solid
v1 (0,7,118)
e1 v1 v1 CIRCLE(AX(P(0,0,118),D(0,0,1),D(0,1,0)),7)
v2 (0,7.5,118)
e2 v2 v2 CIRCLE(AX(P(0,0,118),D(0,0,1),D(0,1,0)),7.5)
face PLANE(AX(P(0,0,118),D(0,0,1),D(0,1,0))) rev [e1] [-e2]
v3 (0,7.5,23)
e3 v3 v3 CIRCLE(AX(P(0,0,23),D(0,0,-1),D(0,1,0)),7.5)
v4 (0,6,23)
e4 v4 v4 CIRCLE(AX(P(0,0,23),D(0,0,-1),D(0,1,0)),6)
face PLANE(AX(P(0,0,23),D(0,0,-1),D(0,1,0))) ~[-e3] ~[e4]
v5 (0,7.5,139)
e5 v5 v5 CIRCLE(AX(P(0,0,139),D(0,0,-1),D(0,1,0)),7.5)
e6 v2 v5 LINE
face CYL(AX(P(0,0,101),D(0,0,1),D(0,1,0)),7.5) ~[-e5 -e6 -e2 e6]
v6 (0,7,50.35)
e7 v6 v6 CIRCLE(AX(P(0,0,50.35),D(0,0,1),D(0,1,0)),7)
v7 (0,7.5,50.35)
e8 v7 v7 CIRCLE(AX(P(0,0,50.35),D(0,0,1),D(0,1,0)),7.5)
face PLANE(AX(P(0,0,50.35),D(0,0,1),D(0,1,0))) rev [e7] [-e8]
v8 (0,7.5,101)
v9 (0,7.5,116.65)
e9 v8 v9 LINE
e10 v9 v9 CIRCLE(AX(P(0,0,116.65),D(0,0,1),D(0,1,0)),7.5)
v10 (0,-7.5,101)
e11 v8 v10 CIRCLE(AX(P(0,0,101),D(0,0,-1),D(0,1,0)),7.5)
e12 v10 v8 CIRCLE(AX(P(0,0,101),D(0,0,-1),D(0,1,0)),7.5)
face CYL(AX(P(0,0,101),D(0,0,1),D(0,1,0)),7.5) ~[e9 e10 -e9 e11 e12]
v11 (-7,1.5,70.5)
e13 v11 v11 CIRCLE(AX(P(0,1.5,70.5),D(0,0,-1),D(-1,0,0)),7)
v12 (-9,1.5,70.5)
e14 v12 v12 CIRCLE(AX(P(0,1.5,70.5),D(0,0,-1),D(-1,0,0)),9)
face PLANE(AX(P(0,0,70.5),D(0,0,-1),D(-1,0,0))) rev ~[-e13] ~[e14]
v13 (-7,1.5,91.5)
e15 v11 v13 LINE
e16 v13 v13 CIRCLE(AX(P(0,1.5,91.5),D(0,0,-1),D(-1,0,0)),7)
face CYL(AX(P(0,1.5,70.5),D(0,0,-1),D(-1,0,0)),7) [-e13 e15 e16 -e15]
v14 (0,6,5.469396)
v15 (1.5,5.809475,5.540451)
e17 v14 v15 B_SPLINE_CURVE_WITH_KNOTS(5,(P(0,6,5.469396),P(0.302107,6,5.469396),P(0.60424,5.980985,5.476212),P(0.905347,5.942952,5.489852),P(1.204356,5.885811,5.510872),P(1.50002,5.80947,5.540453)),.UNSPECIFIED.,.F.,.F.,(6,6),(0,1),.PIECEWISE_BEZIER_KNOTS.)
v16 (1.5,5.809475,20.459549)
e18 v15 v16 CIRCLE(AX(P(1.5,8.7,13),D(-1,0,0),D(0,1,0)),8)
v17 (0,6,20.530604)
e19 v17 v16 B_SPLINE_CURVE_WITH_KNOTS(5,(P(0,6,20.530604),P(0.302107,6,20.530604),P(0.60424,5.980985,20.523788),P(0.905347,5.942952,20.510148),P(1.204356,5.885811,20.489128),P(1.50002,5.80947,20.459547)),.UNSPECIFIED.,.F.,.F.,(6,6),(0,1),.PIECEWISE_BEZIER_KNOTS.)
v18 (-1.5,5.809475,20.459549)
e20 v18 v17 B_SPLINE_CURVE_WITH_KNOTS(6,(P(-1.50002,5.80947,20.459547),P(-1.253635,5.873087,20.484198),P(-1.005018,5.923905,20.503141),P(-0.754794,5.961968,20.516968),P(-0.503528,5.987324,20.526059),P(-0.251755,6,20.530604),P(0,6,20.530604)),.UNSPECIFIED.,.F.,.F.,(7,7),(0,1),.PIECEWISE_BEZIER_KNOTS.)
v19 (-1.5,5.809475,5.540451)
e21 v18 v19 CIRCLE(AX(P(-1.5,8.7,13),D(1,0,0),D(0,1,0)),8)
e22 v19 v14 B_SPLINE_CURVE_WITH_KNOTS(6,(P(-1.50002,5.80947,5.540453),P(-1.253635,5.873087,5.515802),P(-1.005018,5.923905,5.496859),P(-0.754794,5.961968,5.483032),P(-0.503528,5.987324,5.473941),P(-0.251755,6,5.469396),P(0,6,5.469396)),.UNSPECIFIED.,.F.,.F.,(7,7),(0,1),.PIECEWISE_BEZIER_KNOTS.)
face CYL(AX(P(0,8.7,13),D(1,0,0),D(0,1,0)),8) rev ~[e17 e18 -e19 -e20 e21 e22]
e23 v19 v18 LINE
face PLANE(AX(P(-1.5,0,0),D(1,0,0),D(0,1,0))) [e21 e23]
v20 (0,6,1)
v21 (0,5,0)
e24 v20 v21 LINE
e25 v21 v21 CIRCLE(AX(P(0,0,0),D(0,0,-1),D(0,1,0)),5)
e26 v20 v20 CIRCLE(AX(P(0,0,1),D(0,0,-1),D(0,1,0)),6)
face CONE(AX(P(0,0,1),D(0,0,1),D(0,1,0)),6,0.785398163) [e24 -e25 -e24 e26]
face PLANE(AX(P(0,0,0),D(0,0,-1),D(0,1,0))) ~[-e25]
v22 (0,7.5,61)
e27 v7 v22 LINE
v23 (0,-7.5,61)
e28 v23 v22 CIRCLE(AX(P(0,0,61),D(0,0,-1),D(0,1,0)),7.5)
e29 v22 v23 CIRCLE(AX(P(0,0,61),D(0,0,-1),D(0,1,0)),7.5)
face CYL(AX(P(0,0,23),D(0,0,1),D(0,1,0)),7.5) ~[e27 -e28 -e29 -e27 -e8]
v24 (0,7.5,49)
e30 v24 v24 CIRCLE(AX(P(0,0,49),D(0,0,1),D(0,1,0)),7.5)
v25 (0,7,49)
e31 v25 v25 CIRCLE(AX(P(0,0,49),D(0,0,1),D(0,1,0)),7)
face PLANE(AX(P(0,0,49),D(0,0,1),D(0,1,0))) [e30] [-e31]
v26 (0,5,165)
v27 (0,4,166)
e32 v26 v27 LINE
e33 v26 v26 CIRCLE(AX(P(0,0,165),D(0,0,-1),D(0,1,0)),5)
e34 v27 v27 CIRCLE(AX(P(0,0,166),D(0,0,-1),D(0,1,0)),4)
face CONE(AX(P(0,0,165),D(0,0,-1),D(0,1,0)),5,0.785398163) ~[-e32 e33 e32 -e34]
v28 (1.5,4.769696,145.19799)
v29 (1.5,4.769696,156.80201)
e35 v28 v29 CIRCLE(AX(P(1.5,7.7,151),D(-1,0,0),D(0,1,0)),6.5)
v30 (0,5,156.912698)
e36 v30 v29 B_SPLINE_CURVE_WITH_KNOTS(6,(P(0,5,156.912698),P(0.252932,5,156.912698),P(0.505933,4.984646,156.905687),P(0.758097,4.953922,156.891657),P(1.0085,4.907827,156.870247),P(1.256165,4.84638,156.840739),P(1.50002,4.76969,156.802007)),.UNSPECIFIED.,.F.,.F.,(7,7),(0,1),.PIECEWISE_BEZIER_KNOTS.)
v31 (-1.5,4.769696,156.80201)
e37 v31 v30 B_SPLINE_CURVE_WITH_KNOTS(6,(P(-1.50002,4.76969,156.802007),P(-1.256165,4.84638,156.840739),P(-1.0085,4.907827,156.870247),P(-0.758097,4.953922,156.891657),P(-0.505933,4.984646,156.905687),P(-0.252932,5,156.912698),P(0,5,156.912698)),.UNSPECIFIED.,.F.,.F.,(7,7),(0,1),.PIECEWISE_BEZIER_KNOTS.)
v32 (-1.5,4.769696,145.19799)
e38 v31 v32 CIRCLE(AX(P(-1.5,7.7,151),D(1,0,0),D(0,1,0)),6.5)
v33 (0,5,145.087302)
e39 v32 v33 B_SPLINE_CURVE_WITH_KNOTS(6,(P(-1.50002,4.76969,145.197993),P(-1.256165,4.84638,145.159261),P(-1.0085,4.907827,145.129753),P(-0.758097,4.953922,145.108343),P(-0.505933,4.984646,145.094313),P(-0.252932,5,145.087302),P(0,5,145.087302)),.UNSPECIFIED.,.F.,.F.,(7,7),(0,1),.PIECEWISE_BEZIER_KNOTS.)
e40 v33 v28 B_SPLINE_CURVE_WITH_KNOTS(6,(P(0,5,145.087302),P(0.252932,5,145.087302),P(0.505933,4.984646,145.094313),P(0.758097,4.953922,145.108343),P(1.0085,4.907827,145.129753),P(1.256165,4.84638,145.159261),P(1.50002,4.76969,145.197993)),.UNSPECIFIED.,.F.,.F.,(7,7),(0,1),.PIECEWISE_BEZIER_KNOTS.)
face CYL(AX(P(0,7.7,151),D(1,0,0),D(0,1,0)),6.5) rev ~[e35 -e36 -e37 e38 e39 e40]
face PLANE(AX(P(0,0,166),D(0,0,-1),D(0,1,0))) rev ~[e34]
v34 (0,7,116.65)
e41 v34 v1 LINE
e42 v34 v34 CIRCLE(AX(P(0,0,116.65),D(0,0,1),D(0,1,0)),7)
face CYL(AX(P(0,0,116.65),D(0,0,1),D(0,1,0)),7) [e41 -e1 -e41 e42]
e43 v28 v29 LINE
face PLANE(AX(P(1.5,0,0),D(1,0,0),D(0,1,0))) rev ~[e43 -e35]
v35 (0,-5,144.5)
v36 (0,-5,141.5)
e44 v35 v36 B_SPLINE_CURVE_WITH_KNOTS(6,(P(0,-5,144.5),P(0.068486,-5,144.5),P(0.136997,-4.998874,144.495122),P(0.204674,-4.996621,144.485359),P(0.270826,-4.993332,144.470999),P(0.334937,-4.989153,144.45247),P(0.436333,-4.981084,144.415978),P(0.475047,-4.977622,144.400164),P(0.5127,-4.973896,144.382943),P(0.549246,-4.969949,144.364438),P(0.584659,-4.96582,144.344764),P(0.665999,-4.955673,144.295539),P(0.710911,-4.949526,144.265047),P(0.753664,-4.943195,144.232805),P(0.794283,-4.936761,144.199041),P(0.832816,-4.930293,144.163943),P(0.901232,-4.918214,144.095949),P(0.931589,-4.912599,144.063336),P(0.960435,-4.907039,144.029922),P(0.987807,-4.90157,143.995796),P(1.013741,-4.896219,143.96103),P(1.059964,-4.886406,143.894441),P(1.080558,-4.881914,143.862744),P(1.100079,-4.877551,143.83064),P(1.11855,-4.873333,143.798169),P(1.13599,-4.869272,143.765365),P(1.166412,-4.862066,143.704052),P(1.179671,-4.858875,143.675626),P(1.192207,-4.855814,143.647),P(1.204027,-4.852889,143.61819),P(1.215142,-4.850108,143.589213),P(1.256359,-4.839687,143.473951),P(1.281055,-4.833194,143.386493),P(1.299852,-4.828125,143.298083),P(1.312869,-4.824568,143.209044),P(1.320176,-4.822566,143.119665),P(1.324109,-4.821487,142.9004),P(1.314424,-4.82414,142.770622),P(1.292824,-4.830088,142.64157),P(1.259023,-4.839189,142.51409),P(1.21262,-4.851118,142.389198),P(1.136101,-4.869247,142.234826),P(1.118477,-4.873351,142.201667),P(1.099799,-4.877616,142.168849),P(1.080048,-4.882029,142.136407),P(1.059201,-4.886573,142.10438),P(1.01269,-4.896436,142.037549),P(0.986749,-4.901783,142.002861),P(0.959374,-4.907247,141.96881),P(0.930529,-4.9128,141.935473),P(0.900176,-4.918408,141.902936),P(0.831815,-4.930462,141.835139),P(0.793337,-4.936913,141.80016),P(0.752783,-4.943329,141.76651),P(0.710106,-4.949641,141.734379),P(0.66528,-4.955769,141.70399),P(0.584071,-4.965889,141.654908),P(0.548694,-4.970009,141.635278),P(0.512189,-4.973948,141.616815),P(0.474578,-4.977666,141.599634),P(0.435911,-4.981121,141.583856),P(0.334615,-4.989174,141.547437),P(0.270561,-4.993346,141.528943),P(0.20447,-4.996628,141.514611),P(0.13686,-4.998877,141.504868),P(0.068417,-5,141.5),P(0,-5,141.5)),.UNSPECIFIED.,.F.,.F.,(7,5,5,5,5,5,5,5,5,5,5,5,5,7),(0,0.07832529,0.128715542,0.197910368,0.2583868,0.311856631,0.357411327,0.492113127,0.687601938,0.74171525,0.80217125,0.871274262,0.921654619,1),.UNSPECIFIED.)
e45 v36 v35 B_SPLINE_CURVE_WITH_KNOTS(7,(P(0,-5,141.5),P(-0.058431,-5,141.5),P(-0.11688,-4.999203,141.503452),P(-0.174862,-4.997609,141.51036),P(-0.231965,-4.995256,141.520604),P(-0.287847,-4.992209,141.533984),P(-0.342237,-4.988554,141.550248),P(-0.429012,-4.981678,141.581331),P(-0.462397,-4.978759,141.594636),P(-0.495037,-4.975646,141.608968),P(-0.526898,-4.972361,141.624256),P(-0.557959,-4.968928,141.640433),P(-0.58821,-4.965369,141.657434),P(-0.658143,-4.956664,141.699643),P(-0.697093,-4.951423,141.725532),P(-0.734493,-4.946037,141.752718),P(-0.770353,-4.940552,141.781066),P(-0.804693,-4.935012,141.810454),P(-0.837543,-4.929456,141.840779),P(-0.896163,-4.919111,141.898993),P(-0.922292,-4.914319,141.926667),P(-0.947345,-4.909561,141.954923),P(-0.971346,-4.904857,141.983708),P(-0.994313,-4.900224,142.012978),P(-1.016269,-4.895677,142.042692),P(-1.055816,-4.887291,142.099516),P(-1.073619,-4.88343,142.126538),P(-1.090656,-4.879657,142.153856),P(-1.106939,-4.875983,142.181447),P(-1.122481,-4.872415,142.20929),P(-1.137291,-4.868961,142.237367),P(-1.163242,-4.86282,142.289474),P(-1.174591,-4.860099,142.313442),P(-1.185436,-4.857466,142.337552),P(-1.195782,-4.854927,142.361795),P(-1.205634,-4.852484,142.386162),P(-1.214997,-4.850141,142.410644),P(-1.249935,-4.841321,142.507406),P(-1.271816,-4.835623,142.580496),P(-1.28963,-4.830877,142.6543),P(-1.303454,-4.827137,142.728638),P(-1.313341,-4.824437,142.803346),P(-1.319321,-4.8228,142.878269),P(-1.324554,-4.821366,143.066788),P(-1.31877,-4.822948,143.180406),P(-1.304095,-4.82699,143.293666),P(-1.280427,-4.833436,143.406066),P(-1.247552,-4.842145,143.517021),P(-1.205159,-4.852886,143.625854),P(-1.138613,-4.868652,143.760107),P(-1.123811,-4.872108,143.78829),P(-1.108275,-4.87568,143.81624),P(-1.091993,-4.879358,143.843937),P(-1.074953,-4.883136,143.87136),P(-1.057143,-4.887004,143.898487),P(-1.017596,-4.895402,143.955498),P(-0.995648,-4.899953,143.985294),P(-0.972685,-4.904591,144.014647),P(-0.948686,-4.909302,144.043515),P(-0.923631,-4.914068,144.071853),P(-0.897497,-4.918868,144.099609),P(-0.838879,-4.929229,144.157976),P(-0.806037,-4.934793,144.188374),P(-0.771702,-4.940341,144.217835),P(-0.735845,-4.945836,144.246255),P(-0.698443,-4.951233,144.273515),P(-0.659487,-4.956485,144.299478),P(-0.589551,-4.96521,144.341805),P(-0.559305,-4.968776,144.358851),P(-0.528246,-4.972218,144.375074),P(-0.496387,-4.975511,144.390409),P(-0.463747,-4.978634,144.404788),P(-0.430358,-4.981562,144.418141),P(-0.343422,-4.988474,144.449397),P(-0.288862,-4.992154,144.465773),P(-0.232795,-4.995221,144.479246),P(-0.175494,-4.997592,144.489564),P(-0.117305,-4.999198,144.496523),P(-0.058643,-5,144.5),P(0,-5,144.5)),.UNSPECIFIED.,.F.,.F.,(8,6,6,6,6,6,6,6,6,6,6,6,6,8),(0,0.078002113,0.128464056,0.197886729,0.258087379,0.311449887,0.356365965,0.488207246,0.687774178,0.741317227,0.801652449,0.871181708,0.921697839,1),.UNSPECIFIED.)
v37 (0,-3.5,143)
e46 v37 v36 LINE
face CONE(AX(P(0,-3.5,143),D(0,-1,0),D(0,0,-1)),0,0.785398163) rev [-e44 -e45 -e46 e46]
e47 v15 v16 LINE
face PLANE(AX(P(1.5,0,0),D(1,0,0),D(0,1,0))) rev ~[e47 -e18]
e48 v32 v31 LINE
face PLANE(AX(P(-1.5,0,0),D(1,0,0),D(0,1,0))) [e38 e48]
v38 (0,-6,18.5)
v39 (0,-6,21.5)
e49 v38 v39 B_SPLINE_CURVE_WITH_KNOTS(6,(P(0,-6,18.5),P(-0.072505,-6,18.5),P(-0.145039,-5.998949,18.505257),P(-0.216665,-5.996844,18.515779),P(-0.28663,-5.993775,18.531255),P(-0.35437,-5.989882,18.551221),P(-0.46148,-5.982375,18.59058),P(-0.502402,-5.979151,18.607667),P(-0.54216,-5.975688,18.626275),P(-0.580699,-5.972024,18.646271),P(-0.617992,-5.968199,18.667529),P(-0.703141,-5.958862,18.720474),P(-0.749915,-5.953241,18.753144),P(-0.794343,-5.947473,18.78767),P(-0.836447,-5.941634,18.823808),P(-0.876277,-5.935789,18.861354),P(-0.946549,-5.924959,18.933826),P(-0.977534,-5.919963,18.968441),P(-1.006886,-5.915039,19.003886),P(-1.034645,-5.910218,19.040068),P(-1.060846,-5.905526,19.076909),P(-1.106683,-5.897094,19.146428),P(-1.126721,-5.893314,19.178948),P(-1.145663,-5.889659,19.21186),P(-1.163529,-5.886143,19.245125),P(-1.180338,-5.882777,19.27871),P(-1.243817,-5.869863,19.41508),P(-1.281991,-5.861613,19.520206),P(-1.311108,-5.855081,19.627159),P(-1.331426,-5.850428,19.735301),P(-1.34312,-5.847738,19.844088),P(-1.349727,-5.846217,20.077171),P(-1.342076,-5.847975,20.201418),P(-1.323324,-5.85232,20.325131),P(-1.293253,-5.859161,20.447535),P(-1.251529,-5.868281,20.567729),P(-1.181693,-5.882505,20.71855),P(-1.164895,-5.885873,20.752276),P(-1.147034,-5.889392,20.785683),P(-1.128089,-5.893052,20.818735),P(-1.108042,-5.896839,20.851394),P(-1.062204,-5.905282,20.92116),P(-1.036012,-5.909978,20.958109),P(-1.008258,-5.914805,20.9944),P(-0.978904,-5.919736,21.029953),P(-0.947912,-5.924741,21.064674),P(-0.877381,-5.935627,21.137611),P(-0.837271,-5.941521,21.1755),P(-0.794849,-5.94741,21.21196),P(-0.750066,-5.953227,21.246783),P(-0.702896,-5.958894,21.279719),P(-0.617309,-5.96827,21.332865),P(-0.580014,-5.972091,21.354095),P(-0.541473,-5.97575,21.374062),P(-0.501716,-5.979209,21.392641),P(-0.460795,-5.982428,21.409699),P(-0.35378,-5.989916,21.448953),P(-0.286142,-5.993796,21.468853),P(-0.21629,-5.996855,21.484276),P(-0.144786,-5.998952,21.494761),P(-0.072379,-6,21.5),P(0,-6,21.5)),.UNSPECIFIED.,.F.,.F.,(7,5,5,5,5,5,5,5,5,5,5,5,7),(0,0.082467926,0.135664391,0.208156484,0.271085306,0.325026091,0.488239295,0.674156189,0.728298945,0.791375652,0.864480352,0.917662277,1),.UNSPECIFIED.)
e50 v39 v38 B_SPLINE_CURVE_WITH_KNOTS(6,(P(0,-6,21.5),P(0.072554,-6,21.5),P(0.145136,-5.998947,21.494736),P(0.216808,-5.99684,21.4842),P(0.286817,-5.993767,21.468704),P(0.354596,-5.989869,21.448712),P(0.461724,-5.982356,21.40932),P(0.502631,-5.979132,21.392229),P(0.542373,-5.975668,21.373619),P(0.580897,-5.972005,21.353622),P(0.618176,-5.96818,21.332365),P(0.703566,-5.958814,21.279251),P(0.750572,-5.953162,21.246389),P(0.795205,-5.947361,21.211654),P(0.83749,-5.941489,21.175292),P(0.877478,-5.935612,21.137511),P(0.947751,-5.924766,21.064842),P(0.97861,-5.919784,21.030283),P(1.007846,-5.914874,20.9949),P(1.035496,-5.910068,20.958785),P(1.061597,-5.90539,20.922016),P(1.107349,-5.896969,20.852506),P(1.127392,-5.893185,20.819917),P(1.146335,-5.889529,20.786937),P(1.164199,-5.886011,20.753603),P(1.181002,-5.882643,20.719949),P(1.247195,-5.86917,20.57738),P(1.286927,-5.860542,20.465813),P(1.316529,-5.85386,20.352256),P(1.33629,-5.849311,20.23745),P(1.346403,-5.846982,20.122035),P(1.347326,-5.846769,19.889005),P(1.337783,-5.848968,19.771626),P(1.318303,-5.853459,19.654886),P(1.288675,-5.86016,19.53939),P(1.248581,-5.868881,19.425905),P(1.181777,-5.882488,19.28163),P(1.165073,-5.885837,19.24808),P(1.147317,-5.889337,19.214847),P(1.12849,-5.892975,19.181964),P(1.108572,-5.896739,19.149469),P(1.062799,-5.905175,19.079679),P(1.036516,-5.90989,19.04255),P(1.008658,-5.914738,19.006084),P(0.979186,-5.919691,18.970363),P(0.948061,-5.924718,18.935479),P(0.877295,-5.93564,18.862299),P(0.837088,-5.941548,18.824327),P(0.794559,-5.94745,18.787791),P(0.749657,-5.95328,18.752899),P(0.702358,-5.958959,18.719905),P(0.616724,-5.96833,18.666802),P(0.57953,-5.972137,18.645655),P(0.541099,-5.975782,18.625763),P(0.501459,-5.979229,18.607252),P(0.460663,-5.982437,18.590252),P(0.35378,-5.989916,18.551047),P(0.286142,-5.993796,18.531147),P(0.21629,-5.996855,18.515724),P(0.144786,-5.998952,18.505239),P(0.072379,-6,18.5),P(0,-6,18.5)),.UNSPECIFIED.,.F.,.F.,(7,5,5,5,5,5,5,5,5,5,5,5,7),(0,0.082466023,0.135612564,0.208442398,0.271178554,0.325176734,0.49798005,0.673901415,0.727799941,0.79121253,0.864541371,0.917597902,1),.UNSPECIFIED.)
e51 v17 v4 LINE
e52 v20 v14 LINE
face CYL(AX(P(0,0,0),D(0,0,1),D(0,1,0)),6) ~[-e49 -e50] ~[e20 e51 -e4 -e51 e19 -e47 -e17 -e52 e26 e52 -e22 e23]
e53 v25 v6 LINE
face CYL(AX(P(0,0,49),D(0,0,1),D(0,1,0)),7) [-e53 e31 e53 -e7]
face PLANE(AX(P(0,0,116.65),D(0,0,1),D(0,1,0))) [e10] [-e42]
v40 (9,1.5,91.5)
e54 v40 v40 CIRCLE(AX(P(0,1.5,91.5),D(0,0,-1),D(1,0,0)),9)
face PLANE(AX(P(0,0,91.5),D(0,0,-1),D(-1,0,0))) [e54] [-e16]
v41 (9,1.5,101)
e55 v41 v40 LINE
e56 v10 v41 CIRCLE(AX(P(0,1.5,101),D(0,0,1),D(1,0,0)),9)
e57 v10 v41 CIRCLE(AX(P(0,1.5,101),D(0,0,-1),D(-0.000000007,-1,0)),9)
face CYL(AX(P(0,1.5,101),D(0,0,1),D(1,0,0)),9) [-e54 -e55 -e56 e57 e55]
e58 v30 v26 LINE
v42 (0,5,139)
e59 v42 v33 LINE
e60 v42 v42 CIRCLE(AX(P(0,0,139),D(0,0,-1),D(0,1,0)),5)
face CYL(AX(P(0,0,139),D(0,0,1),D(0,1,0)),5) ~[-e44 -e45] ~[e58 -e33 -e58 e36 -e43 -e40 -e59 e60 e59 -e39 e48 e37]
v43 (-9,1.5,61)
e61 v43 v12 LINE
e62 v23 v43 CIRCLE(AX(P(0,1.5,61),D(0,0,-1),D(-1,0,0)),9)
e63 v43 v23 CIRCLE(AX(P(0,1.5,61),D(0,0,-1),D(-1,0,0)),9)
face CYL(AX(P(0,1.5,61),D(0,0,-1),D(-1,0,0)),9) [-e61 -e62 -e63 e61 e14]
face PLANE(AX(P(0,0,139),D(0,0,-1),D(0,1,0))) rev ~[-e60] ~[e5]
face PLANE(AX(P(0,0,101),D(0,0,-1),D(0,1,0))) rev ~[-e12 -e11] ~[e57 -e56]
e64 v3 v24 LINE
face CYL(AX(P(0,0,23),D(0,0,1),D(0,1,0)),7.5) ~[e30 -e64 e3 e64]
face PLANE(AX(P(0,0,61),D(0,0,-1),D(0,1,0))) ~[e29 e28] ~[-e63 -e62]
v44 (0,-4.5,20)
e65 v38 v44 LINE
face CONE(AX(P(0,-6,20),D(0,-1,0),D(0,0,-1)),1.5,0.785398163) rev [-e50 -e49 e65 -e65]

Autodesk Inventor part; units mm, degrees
ref_plane "YZ Plane" through (0, 0, 0) normal (1, 0, 0) x (0, 1, 0)
ref_plane "XZ Plane" through (0, 0, 0) normal (0, 1, 0) x (-1, 0, 0)
ref_plane "XY Plane" through (0, 0, 0) normal (0, 0, 1) x (1, 0, 0)
sketch "스케치1" plane through (0, 0, 0) normal (1, 0, 0) x (0, 1, 0)
  line L0 (0, 0) -> (6, 0)
  line L1 (6, 0) -> (6, 23)
  line L2 (6, 23) -> (0, 23)
  line L3 (0, 23) -> (0, 0)
  line L4 (0, 23) -> (7.5, 23)
  line L5 (7.5, 23) -> (7.5, 61)
  line L6 (7.5, 61) -> (0, 61)
  line L7 (0, 61) -> (0, 23)
  line L8 (0, 61) -> (10.5, 61)
  line L9 (10.5, 61) -> (10.5, 70.5)
  line L10 (10.5, 70.5) -> (0, 70.5)
  line L11 (0, 70.5) -> (0, 61)
  line L12 (0, 70.5) -> (12.5, 70.5)
  line L13 (12.5, 70.5) -> (12.5, 91.5)
  line L14 (12.5, 91.5) -> (0, 91.5)
  line L15 (0, 91.5) -> (0, 70.5)
  line L16 (0, 91.5) -> (10.5, 91.5)
  line L17 (10.5, 91.5) -> (10.5, 101)
  line L18 (10.5, 101) -> (0, 101)
  line L19 (0, 101) -> (0, 91.5)
  line L20 (0, 101) -> (7.5, 101)
  line L21 (7.5, 101) -> (7.5, 139)
  line L22 (7.5, 139) -> (0, 139)
  line L23 (0, 139) -> (0, 101)
  line L24 (0, 139) -> (5, 139)
  line L25 (5, 139) -> (5, 166)
  line L26 (5, 166) -> (0, 166)
  line L27 (0, 166) -> (0, 139)
  dimension "d0" = 23
  dimension "d1" = 38
  dimension "d2" = 9.5
  dimension "d3" = 21
  dimension "d4" = 9.5
  dimension "d5" = 38
  dimension "d6" = 27
  dimension "d7" = 12
  dimension "d8" = 15
  dimension "d9" = 21
  dimension "d10" = 25
  dimension "d11" = 10
revolve "회전1" add sketch "스케치1" angle 360 about axis through (0, 0, 23) along (0, 0, -1)
sketch "스케치3" plane through (0, 0, 101) normal (0, 0, 1) x (1, 0, 0)
  circle A0 centre (0, 0) radius 7.5 projected
  circle A1 centre (0, 1.5) radius 9
  circle A2 centre (0, 0) radius 10.5 projected
  dimension "d13" = 18
extrude "돌출1" cut sketch "스케치3" against normal blind 9.5 contours A2
sketch "스케치2" plane through (0, 0, 61) normal (0, 0, -1) x (-1, 0, 0)
  circle A0 centre (0, 1.5) radius 9 projected
  circle A1 centre (0, 0) radius 10.5 projected
  point P0 (0, -7.5)
extrude "돌출2" cut sketch "스케치2" against normal blind 9.5
sketch "스케치4" plane through (0, 0, 70.5) normal (0, 0, -1) x (-1, 0, 0)
  circle A0 centre (0, 1.5) radius 9 projected
  circle A1 centre (0, 1.5) radius 7
  circle A2 centre (0, 0) radius 12.5 projected
  point P0 (0, -7.5)
  dimension "d18" = 14
extrude "돌출3" cut sketch "스케치4" against normal blind 21 contours A0 | A2
sketch "스케치5" plane through (0, 0, 0) normal (1, 0, 0) x (0, 1, 0)
  line L0 (7.5, 61) -> (7.5, 23) projected
  line L1 (7.5, 49) -> (7, 49)
  line L2 (7, 49) -> (7, 50.35)
  line L3 (7, 50.35) -> (7.5, 50.35)
  line L4 (7.5, 50.35) -> (7.5, 49)
  line L5 (7.5, 139) -> (7.5, 101) projected
  line L6 (7.5, 116.65) -> (7, 116.65)
  line L7 (7, 116.65) -> (7, 118)
  line L8 (7, 118) -> (7.5, 118)
  line L9 (7.5, 118) -> (7.5, 116.65)
  line L10 (0, -27.8) -> (0, 166.8) projected
  point P0 (0, 0)
  dimension "d22" = 0.5
  dimension "d23" = 1.35
  dimension "d24" = 0.5
  dimension "d25" = 26
  dimension "d26" = 0.5
  dimension "d27" = 1.35
  dimension "d28" = 21
revolve "회전2" cut sketch "스케치5" angle 360 about axis through (0, 0, -10) along (0, 0, 1)
sketch "스케치6" plane through (0, 0, 0) normal (1, 0, 0) x (0, 1, 0)
  line L0 (-6, 23) -> (-6, 0) projected
  line L1 (-6, 20) -> (-6, 18.5)
  line L2 (-6, 18.5) -> (-4.5, 20)
  line L3 (-4.5, 20) -> (-6, 20)
  point P0 (0, 0)
  dimension "d31" = 1.5
  dimension "d32" = 1.5
  dimension "d33" = 3
revolve "회전3" cut sketch "스케치6" angle 360 about axis through (0, -4.5, 20) along (0, -1, 0)
sketch "스케치7" plane through (0, 0, 0) normal (1, 0, 0) x (0, 1, 0)
  line L0 (-5, 141.5) -> (-5, 143)
  line L1 (-5, 143) -> (-3.5, 143)
  line L2 (-3.5, 143) -> (-5, 141.5)
  line L3 (-5, 166) -> (-5, 139) projected
  point P0 (0, 0)
  dimension "d37" = 1.5
  dimension "d38" = 1.5
  dimension "d39" = 4
revolve "회전4" cut sketch "스케치7" angle 360 about axis through (0, -5, 143) along (0, 1, 0)
sketch "스케치8" plane through (0, 0, 0) normal (1, 0, 0) x (0, 1, 0)
  circle A0 centre (8.7, 13) radius 8
  line L0 (6, 23) -> (6, 0) projected
  circle A1 centre (7.7, 151) radius 6.5
  line L1 (5, 166) -> (5, 139) projected
  line L2 (-5, 139) -> (5, 139) projected
  point P0 (0, 0)
  dimension "d41" = 16
  dimension "d42" = 5.3
  dimension "d43" = 10
  dimension "d44" = 13
  dimension "d45" = 3.8
  dimension "d47" = 12
extrude "돌출4" cut sketch "스케치8" along normal mid plane 3
chamfer "모따기1" distance 1 angle 45 2 edges at (0, -6, 0) (0, -5, 166)
equation "\"d4\" = d2"
equation "\"d5\" = d1"
properties part number "도면2-4번"
